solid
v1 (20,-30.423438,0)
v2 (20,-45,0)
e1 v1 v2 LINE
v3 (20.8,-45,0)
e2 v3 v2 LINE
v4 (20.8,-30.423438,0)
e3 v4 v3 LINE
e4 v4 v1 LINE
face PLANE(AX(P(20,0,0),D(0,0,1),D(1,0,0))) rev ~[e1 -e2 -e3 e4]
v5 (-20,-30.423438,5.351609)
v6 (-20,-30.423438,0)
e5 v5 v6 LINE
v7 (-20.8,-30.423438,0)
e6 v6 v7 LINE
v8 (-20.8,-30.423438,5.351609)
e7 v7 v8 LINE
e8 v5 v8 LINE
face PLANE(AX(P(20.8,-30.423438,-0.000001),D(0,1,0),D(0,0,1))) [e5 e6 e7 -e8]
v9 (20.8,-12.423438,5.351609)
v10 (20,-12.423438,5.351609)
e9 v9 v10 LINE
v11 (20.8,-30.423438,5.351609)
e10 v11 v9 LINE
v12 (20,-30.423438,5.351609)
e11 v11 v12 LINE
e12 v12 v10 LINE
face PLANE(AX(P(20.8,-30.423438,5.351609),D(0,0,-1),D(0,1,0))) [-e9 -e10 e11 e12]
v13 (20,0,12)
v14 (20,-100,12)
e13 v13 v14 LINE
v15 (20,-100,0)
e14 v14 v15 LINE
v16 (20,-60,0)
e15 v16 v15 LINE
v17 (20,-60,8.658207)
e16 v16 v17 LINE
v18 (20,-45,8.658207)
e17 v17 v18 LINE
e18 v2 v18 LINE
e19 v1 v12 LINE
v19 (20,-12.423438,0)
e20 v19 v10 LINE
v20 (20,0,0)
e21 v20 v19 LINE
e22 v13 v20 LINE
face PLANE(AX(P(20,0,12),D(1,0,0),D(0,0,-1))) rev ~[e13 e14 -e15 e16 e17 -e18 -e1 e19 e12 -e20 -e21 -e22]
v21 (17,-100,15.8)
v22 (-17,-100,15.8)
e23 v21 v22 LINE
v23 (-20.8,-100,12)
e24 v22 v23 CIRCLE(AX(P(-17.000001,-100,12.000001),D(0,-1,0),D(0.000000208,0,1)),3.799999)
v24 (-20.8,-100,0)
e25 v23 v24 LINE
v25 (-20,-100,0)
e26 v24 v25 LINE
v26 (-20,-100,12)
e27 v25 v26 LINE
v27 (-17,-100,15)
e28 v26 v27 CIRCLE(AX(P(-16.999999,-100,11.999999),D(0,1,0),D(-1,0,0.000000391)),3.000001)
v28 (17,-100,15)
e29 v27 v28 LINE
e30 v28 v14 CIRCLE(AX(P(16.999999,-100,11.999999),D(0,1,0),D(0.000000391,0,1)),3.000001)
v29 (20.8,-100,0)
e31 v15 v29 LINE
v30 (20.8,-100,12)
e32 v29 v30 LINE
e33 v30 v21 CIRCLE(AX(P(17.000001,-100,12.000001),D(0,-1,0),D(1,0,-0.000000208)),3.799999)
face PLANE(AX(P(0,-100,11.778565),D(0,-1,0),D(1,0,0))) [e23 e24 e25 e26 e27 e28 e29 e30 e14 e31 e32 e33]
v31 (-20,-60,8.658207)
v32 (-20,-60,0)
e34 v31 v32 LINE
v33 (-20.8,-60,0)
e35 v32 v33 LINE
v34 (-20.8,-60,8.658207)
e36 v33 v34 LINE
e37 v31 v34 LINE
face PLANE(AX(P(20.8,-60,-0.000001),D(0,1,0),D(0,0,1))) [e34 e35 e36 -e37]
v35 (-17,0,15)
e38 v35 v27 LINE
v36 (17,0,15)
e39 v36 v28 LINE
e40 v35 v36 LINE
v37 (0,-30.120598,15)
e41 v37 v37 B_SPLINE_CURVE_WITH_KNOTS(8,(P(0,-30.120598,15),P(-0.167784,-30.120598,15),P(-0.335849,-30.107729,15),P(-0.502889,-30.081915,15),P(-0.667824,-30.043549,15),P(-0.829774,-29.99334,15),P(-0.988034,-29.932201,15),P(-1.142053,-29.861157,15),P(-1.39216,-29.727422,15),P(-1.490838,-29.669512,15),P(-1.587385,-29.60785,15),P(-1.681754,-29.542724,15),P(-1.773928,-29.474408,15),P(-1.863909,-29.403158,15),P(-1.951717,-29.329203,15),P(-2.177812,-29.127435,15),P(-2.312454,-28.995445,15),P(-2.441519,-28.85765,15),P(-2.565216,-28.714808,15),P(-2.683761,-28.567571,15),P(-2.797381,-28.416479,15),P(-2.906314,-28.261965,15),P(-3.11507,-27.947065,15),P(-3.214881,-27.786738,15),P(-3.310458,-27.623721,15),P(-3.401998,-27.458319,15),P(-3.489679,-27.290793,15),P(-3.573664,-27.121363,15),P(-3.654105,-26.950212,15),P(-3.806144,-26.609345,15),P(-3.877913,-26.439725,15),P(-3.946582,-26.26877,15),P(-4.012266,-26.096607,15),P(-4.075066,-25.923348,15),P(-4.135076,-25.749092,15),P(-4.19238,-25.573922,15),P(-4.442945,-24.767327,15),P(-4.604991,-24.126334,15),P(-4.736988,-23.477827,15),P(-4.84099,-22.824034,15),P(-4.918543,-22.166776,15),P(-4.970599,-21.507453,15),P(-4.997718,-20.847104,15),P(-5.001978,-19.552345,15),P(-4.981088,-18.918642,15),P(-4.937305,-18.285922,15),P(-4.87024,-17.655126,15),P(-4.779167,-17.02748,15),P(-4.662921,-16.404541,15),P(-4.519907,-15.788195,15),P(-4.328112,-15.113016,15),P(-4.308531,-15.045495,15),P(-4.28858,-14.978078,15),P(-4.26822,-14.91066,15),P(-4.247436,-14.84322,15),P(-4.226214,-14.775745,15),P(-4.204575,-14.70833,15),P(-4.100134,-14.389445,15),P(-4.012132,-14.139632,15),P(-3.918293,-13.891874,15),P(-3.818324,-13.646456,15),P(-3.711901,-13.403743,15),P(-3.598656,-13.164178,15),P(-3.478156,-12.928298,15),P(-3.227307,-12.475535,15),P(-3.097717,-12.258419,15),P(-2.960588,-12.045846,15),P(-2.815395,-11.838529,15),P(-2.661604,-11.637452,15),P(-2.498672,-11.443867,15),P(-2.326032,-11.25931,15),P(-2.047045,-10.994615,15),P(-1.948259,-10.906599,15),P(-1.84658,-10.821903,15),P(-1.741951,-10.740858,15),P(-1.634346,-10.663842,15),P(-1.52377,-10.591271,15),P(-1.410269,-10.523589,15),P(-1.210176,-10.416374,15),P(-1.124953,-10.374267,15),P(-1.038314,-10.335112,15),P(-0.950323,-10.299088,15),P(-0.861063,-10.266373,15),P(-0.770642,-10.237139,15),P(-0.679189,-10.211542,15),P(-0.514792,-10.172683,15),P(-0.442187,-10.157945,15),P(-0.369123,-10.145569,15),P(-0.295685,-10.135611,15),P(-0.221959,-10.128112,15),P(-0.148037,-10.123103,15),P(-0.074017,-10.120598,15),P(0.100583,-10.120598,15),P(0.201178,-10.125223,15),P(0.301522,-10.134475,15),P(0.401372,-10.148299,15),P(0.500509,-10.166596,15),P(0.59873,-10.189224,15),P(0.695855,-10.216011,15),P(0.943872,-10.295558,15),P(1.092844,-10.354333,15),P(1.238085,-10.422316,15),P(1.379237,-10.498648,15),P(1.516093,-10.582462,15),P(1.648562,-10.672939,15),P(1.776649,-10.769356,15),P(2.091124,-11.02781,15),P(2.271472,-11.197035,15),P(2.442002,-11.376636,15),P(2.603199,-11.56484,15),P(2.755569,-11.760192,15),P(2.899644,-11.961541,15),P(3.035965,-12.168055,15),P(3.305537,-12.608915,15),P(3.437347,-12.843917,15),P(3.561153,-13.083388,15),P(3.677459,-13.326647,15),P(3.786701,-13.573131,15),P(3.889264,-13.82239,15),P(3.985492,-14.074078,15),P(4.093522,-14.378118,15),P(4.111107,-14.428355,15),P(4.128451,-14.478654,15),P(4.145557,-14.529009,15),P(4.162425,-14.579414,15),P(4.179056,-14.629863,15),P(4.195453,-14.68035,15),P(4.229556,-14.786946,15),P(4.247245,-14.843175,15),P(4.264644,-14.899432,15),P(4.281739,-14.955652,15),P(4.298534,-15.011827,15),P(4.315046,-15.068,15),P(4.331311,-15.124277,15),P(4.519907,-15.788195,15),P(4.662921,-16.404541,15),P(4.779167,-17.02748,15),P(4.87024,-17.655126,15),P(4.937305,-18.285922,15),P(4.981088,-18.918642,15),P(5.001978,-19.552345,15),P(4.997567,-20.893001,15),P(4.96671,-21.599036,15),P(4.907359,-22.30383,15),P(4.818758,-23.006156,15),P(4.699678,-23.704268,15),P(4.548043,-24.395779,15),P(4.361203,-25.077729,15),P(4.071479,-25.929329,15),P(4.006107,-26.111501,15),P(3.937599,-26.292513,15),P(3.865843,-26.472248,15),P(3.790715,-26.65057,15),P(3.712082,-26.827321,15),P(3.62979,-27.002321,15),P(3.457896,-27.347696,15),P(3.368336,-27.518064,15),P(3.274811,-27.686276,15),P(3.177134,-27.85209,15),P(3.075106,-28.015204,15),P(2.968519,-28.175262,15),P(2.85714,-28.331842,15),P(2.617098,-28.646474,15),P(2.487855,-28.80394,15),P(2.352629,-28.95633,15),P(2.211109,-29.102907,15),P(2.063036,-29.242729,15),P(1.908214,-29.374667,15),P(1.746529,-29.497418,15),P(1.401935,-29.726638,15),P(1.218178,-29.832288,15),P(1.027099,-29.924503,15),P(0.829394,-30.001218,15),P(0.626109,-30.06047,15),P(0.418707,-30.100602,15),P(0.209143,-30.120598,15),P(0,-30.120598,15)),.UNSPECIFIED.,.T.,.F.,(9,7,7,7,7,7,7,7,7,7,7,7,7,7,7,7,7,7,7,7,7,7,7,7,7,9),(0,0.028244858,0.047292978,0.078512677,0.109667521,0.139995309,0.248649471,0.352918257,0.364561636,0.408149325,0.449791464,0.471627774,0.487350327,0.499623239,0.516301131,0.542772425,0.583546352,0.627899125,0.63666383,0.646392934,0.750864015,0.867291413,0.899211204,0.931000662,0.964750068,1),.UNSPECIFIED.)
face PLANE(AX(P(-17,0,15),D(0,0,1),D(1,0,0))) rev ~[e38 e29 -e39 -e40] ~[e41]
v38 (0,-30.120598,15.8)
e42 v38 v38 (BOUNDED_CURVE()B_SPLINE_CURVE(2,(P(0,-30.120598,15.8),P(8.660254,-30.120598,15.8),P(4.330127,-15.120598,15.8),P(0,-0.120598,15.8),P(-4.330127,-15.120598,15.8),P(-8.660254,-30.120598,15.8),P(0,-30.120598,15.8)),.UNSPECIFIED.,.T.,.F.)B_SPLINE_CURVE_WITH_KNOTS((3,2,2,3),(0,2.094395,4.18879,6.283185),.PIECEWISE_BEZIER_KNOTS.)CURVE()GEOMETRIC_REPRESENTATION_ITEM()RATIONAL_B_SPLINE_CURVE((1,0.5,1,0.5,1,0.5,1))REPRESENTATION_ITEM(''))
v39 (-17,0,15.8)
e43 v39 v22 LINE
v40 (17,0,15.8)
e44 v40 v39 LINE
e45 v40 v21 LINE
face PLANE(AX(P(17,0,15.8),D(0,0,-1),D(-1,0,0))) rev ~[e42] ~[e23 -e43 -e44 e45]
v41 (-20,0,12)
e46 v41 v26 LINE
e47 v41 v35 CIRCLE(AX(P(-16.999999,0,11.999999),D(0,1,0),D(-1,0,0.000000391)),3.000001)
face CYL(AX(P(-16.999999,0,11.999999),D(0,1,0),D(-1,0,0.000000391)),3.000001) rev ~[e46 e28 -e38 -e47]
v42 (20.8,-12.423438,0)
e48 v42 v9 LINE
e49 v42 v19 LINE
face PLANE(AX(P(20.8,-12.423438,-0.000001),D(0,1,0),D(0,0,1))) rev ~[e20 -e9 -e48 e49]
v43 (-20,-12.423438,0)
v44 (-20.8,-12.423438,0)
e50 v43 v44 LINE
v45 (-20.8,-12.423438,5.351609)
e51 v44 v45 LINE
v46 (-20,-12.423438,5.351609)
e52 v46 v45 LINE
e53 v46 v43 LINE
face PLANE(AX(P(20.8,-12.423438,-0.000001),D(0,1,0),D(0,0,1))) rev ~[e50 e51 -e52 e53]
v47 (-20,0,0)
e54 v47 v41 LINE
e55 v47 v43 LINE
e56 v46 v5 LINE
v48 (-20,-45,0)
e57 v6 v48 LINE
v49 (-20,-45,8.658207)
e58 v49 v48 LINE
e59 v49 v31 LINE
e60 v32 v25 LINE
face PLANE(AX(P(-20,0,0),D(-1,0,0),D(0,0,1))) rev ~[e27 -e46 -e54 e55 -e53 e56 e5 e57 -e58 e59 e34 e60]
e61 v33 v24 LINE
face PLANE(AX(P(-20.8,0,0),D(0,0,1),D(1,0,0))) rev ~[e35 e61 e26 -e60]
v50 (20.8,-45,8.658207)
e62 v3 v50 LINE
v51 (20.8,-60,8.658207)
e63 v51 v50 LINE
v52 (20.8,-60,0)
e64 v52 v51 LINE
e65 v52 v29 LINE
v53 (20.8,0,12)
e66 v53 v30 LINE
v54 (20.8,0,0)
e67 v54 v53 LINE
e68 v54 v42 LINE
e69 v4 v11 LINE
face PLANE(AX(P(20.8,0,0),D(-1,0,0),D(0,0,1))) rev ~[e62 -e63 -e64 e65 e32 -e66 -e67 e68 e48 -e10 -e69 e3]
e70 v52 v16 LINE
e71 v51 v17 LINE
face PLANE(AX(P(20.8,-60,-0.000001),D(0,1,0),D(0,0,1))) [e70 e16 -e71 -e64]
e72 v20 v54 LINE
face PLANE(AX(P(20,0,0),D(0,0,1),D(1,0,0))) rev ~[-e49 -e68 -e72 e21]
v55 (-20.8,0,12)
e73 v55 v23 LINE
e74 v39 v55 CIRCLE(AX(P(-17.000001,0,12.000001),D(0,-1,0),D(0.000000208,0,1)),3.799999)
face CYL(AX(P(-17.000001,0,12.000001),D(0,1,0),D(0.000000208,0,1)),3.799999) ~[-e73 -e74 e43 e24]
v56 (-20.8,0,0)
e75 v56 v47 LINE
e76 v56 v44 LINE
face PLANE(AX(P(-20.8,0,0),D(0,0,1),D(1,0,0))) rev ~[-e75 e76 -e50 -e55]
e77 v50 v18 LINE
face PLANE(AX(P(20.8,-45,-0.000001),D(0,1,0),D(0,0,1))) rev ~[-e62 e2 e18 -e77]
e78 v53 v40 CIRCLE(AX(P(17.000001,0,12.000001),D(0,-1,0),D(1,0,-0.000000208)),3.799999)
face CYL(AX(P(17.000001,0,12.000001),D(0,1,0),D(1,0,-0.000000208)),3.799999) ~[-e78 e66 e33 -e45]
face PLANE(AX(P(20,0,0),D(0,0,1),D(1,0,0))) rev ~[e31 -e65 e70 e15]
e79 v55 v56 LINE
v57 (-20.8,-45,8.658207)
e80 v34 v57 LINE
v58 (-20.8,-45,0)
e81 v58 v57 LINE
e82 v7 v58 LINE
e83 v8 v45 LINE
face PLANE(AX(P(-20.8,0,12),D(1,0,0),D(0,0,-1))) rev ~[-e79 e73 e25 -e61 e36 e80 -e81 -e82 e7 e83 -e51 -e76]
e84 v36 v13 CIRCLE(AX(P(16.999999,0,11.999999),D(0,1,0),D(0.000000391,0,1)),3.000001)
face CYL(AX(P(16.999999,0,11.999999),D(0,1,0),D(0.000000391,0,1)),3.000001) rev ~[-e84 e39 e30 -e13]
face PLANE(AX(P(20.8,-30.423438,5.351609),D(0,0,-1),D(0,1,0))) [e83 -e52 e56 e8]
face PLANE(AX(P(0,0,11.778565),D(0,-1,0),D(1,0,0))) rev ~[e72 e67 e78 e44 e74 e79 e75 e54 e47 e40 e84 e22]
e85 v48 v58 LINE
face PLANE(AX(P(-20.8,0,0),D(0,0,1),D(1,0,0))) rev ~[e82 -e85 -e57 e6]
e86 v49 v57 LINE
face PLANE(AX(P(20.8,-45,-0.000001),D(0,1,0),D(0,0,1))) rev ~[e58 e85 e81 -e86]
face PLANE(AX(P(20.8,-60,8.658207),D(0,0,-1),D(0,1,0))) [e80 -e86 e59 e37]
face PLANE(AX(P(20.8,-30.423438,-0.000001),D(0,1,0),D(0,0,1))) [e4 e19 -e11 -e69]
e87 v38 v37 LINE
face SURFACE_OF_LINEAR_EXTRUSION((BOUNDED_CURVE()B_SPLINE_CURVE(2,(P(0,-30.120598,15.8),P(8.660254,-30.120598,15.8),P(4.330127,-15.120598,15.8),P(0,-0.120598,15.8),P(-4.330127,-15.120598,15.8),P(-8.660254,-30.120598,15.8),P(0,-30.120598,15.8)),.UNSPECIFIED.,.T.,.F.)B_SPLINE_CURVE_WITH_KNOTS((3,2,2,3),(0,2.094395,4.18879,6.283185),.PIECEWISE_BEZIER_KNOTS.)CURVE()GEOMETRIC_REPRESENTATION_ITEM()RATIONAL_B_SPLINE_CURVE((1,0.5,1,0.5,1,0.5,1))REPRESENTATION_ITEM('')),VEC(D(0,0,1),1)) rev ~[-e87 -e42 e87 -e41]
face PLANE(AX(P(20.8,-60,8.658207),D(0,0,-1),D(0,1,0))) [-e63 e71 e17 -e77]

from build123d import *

# Parameters (mm, degrees)
F1_DEPTH = 100
F3_W     = 15
F3_H     = 8.658207
F3_W_2   = 18
F3_H_2   = 5.351609
F4_DEPTH = 41.601
F5_DEPTH = 15.801


with BuildPart() as f1:
    # F0 (on Front) → F1 (new body)
    with BuildSketch(Plane.XZ):
        with BuildLine():
            Line((-20.8, 0), (-20, 0))
            Line((-20, 0), (-20, 12))
            ThreePointArc((-20, 12), (-19.12132, 14.12132), (-17, 15))
            Line((-17, 15), (0, 15))
            Line((0, 15), (17, 15))
            ThreePointArc((17, 15), (19.12132, 14.12132), (20, 12))
            Line((20, 12), (20, 0))
            Line((20, 0), (20.8, 0))
            Line((20.8, 0), (20.8, 12))
            ThreePointArc((20.8, 12), (19.687006, 14.687006), (17, 15.8))
            Line((17, 15.8), (2.5, 15.8))
            Line((2.5, 15.8), (-2.5, 15.8))
            Line((-2.5, 15.8), (-17, 15.8))
            ThreePointArc((-17, 15.8), (-19.687006, 14.687006), (-20.8, 12))
            Line((-20.8, 12), (-20.8, 0))
        make_face()
    extrude(amount=F1_DEPTH)

    # F3 (on face) → F4 (cut, through all)
    with BuildSketch(Plane.YZ.offset(20.8)):
        with Locations((-52.5, 4.329103)):
            Rectangle(F3_W, F3_H)
        with Locations((-21.423438, 2.675804)):
            Rectangle(F3_W_2, F3_H_2)
    extrude(amount=-F4_DEPTH, mode=Mode.SUBTRACT)

    # F2 (on face) → F5 (cut, through all)
    with BuildSketch(Plane.XY.offset(15.8)):
        with BuildLine():
            add(Edge.make_bspline(
                [(0, -30.120598), (8.660254, -30.120598), (4.330127, -15.120598), (0, -0.120598), (-4.330127, -15.120598), (-8.660254, -30.120598), (0, -30.120598)],
                knots=[0, 0, 0, 2.094395, 2.094395, 4.18879, 4.18879, 6.283185, 6.283185, 6.283185], degree=2, weights=[1, 0.5, 1, 0.5, 1, 0.5, 1]))
        make_face()
    extrude(amount=-F5_DEPTH, mode=Mode.SUBTRACT)


solid = f1.part
